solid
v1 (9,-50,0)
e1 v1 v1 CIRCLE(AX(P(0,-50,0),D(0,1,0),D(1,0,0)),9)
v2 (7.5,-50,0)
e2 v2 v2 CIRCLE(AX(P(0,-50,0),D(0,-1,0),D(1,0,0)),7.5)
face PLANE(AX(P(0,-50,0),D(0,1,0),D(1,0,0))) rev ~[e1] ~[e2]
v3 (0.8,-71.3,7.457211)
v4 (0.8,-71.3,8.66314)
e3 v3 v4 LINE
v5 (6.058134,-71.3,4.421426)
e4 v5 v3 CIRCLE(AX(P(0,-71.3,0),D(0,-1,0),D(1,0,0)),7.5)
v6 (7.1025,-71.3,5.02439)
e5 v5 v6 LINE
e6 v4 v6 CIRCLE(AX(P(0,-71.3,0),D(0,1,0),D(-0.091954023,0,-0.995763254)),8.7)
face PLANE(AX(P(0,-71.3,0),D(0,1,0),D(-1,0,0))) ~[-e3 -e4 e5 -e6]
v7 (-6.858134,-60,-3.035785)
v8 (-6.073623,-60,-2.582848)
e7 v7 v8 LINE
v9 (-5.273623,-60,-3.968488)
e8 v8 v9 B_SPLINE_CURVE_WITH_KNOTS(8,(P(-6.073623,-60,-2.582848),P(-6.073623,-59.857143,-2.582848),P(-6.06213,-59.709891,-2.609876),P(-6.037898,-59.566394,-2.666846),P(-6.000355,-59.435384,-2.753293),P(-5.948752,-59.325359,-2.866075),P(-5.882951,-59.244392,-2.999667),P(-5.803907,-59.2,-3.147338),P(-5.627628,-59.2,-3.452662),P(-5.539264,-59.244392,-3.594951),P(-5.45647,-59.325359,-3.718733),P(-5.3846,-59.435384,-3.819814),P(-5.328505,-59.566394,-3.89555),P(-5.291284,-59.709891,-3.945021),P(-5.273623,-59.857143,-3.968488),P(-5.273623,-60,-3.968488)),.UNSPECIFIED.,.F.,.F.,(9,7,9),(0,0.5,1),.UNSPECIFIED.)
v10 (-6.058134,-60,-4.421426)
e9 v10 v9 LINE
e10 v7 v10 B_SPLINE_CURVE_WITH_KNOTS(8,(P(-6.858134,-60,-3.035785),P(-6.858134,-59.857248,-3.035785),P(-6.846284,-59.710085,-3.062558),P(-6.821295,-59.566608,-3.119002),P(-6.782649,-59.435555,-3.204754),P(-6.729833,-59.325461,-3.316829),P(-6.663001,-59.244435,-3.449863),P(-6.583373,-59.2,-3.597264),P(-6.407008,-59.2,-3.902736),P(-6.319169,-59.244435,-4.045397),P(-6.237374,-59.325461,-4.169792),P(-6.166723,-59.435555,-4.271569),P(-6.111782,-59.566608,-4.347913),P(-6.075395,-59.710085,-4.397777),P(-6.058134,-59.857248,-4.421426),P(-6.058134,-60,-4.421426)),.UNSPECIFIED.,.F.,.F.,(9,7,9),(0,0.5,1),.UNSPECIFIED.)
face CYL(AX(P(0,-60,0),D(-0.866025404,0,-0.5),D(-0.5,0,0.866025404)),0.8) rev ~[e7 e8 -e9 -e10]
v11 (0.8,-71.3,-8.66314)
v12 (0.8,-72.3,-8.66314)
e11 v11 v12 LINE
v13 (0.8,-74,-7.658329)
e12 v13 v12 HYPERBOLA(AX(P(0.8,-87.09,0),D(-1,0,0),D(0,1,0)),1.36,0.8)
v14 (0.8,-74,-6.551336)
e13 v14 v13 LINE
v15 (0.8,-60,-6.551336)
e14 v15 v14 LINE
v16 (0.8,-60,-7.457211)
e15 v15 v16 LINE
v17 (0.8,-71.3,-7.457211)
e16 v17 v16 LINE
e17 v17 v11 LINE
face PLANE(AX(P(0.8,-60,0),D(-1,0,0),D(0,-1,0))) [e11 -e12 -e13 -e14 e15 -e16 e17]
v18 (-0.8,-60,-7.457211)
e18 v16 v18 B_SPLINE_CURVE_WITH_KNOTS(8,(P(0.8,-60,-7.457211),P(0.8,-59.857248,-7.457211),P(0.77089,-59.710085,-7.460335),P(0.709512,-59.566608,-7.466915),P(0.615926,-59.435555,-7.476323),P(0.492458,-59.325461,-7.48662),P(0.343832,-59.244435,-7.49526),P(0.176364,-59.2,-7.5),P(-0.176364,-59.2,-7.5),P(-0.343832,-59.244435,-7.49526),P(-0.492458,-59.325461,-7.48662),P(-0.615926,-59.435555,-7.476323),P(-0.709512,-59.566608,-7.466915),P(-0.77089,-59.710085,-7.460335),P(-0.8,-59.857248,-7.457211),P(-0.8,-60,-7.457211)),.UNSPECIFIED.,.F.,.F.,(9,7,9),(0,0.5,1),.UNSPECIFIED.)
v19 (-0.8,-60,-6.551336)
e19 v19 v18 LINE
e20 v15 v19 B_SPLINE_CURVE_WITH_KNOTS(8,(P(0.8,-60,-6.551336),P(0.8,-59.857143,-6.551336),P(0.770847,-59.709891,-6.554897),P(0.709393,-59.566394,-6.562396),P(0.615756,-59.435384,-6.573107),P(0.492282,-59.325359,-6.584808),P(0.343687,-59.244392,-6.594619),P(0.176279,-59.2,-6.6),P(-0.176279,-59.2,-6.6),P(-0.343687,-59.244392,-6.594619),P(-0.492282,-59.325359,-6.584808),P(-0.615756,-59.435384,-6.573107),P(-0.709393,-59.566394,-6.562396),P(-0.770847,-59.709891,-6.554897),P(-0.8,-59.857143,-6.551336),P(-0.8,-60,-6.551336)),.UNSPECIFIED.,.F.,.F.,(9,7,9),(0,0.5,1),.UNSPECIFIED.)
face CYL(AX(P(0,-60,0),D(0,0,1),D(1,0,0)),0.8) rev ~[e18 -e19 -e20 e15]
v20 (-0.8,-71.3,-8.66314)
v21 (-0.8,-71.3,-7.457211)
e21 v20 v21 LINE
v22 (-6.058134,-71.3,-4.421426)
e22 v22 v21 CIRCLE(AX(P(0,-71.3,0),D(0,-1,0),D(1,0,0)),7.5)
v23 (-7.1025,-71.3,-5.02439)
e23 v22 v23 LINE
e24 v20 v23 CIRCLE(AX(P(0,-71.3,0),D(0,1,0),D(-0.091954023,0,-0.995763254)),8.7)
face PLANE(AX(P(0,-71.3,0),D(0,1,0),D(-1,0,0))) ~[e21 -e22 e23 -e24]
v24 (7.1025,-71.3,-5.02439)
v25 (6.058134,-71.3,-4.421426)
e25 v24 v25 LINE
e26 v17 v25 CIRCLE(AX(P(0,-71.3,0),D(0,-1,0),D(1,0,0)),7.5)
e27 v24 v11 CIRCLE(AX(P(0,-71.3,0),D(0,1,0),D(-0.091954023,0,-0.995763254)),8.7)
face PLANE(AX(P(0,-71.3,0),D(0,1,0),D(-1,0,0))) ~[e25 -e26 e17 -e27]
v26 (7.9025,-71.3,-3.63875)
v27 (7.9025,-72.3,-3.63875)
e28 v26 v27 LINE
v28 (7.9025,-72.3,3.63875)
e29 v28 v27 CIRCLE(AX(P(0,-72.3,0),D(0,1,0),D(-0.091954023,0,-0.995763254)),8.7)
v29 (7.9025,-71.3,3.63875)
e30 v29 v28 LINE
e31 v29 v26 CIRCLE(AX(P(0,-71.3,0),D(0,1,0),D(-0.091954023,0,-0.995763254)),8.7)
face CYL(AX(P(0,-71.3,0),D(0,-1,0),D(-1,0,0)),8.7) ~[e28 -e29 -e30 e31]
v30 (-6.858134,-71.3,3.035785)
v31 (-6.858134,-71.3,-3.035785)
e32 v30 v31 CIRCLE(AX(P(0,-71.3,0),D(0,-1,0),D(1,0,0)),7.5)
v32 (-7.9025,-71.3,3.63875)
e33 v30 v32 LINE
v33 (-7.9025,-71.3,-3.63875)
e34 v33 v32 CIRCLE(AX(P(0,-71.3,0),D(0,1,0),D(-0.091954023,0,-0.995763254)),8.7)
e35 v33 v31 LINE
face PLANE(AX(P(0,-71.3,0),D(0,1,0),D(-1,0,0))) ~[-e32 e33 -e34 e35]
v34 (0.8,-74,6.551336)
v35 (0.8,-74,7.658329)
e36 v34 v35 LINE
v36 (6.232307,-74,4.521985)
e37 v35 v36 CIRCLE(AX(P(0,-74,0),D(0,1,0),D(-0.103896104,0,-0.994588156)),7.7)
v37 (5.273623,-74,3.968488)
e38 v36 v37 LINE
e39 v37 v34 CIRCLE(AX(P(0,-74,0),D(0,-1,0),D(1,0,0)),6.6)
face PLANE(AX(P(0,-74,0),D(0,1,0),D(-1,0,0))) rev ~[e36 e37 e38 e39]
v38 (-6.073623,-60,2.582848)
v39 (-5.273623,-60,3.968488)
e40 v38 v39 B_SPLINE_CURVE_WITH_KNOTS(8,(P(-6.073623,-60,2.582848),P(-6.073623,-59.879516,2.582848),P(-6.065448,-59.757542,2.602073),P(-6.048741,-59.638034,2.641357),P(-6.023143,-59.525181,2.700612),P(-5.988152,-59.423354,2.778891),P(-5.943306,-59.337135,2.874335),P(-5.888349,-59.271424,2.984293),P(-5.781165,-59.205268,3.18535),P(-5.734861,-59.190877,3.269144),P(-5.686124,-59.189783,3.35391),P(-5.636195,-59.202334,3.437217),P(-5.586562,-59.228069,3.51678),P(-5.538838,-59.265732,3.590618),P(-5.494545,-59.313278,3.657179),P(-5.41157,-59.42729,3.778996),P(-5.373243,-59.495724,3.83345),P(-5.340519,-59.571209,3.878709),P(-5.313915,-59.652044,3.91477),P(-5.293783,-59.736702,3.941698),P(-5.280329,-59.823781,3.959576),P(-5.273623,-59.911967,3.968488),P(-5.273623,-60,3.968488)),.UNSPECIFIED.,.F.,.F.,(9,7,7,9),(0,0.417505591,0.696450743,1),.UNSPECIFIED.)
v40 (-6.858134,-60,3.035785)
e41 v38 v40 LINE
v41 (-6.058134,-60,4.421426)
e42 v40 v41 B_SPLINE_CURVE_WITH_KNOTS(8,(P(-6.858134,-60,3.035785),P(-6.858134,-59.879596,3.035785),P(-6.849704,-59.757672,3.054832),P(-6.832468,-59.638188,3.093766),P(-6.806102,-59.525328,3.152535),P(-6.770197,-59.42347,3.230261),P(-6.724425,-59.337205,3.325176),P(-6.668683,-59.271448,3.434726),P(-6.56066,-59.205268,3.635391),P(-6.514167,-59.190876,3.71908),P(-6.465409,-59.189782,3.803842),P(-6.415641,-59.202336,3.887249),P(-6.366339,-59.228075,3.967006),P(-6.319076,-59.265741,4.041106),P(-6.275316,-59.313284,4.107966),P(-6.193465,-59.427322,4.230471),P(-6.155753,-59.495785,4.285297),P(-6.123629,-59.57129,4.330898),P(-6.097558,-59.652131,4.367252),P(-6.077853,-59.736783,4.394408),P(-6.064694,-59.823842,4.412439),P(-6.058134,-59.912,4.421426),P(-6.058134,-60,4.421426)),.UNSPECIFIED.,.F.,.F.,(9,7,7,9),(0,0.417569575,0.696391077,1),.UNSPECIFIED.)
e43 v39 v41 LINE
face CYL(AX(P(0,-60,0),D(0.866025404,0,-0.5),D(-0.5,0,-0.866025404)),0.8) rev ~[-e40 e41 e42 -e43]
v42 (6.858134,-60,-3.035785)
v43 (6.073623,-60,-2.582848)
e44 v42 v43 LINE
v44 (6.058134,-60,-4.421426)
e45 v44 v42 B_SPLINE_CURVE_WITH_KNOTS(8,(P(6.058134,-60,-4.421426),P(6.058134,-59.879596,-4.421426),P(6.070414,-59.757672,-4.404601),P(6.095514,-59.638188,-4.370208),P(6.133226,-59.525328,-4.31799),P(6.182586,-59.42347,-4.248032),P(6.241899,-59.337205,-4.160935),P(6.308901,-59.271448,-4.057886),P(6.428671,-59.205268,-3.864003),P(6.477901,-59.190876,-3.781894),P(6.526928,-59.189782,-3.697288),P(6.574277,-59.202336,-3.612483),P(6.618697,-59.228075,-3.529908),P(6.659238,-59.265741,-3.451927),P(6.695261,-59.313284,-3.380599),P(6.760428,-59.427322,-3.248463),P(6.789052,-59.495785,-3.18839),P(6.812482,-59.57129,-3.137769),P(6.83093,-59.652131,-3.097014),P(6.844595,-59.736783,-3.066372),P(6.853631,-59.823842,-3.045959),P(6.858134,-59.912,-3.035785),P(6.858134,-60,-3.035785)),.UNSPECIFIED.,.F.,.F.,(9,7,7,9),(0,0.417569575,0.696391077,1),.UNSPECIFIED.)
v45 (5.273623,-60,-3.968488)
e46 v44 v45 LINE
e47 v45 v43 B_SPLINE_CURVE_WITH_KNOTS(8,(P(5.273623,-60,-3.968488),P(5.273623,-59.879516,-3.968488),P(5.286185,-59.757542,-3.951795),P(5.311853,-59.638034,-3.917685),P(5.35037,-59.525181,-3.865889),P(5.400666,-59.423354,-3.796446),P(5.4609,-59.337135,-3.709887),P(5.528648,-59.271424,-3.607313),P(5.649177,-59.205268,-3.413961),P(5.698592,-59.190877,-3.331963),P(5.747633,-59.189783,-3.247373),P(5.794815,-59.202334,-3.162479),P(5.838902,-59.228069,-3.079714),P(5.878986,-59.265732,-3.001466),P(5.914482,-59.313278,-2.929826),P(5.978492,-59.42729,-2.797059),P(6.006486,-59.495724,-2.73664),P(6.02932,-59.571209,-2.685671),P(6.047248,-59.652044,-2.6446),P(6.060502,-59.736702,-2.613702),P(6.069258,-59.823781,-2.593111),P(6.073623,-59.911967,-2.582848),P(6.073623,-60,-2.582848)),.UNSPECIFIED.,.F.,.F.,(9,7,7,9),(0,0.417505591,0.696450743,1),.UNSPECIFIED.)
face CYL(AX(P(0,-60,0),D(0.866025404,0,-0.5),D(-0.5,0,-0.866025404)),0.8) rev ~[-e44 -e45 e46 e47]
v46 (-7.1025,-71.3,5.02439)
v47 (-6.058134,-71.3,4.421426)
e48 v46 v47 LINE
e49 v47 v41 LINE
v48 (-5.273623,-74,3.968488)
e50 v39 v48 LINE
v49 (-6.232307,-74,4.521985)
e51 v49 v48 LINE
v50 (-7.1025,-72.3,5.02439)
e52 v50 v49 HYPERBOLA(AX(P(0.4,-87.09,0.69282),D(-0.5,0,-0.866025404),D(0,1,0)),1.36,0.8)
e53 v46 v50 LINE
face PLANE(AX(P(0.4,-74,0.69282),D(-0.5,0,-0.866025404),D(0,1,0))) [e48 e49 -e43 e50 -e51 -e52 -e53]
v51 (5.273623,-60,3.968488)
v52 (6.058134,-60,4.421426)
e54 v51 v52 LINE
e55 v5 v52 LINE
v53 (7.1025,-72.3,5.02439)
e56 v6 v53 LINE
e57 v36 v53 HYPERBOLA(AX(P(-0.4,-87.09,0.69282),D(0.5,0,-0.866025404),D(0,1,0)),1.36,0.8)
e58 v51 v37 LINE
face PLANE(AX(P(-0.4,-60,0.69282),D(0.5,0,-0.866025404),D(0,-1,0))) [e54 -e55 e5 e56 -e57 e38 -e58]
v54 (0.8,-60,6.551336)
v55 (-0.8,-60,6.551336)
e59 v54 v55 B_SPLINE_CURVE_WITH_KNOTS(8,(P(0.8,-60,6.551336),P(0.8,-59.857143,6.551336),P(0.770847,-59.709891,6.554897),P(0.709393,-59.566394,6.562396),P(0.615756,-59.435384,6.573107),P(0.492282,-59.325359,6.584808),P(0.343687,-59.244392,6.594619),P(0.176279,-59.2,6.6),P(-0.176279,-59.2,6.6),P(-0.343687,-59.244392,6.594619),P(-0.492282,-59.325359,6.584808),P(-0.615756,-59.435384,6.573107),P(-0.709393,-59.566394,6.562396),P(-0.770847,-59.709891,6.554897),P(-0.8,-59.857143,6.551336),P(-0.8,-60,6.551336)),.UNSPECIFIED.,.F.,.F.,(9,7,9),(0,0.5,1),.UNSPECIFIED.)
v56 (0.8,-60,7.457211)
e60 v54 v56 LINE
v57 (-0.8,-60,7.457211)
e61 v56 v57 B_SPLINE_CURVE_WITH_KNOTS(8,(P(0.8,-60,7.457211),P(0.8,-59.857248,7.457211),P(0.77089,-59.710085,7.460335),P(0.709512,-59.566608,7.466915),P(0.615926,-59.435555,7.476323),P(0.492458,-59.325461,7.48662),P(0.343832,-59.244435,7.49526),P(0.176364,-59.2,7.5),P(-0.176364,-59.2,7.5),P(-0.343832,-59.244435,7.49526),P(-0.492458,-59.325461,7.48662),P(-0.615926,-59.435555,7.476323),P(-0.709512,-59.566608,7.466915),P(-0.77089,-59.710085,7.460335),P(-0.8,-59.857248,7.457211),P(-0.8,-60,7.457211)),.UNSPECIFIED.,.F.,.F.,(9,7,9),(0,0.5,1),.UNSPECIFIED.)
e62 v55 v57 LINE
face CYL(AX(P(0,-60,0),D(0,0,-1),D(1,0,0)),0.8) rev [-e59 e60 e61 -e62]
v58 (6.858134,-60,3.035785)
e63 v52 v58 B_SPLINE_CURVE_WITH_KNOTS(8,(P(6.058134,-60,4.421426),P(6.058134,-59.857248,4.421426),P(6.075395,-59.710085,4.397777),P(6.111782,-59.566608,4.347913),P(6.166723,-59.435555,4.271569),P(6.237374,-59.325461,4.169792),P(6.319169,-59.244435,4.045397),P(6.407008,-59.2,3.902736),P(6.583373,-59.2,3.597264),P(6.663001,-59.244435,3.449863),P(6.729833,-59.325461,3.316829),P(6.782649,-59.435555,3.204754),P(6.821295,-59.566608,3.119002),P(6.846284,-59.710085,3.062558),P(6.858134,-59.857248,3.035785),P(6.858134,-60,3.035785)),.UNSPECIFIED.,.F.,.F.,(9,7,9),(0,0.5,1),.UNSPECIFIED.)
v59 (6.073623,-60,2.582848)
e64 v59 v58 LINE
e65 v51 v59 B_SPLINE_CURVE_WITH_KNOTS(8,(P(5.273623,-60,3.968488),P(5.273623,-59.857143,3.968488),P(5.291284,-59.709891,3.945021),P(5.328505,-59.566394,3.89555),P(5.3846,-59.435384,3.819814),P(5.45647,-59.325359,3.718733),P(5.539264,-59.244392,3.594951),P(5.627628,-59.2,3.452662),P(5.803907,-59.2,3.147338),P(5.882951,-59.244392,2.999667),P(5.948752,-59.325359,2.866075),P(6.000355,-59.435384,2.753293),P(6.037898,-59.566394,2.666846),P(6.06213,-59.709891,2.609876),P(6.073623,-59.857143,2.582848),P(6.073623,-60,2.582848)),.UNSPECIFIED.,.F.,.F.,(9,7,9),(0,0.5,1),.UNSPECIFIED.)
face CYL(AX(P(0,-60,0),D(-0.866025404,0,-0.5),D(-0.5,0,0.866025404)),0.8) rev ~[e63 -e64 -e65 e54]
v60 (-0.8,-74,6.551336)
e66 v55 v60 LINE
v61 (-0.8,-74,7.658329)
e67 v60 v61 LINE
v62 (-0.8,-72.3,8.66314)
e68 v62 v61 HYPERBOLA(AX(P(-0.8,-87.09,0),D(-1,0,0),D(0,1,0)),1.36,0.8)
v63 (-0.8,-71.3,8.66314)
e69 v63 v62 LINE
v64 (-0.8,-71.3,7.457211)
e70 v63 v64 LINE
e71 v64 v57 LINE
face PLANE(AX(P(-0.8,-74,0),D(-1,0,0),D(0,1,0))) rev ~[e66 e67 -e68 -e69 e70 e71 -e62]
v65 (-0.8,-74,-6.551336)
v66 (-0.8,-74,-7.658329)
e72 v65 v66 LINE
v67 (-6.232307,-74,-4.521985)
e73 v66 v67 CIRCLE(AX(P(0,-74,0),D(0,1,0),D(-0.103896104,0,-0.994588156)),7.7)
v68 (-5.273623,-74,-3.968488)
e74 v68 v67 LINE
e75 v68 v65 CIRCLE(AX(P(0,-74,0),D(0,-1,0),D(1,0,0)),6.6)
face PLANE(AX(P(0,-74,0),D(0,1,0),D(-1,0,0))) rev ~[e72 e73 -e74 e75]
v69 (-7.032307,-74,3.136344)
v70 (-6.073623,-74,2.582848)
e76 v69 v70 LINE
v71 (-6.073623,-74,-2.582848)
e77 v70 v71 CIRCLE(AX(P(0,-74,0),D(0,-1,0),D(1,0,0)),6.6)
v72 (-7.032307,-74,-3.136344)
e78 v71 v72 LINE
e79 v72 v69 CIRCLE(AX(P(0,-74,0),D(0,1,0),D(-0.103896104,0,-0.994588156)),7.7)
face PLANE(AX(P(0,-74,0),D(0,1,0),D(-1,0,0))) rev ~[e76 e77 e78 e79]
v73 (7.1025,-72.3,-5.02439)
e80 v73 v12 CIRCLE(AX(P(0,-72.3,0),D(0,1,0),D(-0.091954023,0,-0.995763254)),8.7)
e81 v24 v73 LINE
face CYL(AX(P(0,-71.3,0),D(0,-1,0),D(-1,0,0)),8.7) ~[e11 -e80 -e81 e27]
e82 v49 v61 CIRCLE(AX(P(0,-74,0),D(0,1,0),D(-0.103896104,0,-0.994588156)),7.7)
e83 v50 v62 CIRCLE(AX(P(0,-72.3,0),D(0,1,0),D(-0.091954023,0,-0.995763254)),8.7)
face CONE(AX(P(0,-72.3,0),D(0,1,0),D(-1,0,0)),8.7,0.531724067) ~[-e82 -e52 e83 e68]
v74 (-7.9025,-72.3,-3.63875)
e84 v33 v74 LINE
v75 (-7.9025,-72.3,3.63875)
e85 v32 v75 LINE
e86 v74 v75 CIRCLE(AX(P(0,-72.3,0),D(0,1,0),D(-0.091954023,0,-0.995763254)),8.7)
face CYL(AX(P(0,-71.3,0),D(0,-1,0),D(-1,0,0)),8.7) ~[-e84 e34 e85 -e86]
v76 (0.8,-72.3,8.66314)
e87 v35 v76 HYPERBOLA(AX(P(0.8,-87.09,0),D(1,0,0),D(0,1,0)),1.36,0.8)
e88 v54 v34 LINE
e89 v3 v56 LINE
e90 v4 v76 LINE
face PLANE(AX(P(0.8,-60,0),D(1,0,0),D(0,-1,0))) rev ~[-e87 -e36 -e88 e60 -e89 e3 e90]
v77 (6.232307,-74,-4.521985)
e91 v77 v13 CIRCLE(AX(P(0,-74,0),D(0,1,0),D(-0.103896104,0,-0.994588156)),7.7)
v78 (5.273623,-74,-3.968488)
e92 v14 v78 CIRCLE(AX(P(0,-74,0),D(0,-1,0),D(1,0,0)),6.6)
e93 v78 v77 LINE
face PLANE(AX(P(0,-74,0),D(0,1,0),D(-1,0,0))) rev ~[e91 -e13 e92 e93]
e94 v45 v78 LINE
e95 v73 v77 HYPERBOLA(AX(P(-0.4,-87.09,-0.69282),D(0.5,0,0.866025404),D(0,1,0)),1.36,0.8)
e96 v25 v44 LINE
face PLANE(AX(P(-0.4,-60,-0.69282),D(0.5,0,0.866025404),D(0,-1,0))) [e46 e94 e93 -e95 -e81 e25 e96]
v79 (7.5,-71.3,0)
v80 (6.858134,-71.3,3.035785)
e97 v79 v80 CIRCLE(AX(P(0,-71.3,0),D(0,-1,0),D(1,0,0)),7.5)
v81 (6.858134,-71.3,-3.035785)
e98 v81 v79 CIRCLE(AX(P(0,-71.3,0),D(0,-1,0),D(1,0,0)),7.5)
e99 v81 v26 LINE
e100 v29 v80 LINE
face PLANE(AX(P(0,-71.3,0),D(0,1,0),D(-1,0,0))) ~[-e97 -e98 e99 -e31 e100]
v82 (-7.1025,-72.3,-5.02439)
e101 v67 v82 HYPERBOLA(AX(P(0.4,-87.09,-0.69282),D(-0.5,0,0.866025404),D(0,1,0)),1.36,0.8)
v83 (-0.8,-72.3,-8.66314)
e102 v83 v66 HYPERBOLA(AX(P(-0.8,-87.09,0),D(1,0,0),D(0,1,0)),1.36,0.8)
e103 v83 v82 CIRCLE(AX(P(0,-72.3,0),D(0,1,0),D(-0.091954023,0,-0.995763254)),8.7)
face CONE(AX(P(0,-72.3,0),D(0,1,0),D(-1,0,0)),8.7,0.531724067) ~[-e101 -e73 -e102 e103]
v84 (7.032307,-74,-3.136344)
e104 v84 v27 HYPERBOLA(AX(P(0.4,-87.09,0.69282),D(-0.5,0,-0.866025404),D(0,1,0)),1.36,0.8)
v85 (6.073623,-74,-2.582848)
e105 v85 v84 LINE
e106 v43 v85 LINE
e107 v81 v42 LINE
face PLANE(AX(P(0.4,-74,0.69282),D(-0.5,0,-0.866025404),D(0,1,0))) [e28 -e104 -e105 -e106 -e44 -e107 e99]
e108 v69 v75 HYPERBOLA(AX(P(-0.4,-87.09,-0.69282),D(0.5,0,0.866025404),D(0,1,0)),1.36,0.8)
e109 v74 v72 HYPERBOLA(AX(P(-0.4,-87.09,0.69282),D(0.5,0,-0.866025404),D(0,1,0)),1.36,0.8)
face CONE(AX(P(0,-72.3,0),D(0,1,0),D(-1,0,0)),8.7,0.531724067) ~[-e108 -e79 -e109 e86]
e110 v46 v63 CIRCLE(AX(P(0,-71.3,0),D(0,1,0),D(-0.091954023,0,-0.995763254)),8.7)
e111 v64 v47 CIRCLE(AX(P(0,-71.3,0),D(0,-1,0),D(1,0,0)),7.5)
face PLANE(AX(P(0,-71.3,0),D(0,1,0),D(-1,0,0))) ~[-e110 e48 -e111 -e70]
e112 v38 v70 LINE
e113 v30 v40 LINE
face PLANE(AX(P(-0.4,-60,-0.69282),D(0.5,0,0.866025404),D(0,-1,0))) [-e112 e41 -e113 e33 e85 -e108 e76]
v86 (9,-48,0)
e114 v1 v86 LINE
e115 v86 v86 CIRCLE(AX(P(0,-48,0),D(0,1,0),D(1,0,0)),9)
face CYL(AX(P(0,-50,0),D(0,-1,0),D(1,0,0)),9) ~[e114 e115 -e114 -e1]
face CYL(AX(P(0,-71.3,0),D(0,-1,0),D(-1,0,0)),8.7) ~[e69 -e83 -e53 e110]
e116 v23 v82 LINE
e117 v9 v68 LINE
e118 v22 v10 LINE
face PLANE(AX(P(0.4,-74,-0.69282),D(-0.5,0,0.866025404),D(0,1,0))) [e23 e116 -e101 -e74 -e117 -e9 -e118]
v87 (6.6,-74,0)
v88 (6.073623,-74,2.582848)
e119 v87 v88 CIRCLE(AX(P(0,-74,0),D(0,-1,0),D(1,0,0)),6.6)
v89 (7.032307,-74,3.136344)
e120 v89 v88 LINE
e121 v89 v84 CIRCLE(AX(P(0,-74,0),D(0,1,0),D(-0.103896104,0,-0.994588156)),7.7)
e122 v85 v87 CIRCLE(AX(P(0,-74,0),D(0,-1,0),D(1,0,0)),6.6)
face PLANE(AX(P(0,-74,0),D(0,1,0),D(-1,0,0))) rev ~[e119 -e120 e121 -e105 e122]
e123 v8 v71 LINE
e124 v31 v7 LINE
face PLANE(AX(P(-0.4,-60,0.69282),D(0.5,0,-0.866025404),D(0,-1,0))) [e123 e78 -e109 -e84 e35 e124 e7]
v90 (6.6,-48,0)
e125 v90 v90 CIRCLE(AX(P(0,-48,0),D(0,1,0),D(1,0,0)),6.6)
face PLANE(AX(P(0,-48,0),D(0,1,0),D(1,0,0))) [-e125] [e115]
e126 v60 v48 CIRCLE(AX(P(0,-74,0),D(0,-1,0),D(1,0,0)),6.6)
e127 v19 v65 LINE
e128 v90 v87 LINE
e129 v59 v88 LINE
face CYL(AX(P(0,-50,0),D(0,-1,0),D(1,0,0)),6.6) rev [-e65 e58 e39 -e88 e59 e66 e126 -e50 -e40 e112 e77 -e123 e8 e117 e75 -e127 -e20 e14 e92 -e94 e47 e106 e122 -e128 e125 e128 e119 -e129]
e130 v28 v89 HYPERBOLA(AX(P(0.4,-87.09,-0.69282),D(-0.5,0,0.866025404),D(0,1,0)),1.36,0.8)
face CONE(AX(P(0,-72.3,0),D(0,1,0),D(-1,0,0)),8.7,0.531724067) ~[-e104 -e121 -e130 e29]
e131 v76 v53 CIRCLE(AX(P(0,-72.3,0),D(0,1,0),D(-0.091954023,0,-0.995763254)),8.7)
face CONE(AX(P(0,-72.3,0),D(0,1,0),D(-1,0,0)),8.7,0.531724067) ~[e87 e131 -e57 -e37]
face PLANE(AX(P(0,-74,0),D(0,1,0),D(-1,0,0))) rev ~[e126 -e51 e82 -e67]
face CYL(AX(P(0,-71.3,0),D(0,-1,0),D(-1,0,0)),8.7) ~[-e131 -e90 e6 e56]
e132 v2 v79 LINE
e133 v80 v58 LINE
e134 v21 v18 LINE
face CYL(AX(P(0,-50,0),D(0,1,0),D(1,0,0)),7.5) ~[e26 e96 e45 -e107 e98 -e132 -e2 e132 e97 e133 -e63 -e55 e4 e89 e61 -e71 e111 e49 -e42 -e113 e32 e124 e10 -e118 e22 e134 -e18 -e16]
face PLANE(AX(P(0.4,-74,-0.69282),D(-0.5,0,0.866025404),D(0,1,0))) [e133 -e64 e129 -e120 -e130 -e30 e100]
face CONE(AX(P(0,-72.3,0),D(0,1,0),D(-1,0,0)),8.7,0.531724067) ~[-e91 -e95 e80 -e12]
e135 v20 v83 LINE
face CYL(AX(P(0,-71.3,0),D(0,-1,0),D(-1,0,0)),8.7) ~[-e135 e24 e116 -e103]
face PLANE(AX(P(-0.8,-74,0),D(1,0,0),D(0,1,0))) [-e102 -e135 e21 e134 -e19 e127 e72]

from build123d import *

# Parameters (mm, degrees)
SKETCH008_R          = 7.5
SKETCH008_R_2        = 6.6
PAD002_DEPTH         = 24
SKETCH009_R          = 9
SKETCH009_R_2        = 6.6
PAD003_DEPTH         = 2
POCKET006_DEPTH      = 81.774622
POCKET006_DEPTH_BACK = 81.774622
POLARPATTERN_COUNT   = 3


with BuildPart() as part:
    # Sketch008 (on DatumPlane) → Pad002 (new body)
    with BuildSketch(Plane.XZ.offset(50)):
        Circle(SKETCH008_R)
        Circle(SKETCH008_R_2, mode=Mode.SUBTRACT)
    extrude(amount=PAD002_DEPTH)

    # Sketch009 (on Face3 of Pad002) → Pad003 (join)
    with BuildSketch(Plane(origin=(0, -50, 0), x_dir=(1, 0, 0), z_dir=(0, 1, 0))):
        Circle(SKETCH009_R)
        Circle(SKETCH009_R_2, mode=Mode.SUBTRACT)
    extrude(amount=PAD003_DEPTH)

    # Sketch010 → Revolution (revolve)
    with BuildSketch(Plane.XY):
        Polygon((-7.5, -74), (-7.5, -71.3), (-8.7, -71.3), (-8.7, -72.3), (-7.7, -74), align=None)
    revolve(axis=Axis((0, 0, 0), (0, 1, 0)))

    # Sketch011 → Pocket006 (cut, two sides)
    with BuildSketch(Plane.XY) as pocket006_sk:
        with BuildLine():
            Line((-0.8, -74), (-0.8, -60))
            ThreePointArc((0.8, -60), (0, -59.2), (-0.8, -60))
            Line((0.8, -60), (0.8, -74))
            Line((-0.8, -74), (0.8, -74))
        make_face()
    pocket006 = extrude(amount=-POCKET006_DEPTH, mode=Mode.SUBTRACT) + extrude(pocket006_sk.sketch, amount=POCKET006_DEPTH_BACK, mode=Mode.SUBTRACT)

    # PolarPattern: Pocket006 ×3 about axis
    polarpattern_axis = Axis((0, 0, 0), (0, 1, 0))
    for i in range(1, POLARPATTERN_COUNT):
        add(pocket006.rotate(polarpattern_axis, i * 360 / POLARPATTERN_COUNT), mode=Mode.SUBTRACT)


solid = part.part
